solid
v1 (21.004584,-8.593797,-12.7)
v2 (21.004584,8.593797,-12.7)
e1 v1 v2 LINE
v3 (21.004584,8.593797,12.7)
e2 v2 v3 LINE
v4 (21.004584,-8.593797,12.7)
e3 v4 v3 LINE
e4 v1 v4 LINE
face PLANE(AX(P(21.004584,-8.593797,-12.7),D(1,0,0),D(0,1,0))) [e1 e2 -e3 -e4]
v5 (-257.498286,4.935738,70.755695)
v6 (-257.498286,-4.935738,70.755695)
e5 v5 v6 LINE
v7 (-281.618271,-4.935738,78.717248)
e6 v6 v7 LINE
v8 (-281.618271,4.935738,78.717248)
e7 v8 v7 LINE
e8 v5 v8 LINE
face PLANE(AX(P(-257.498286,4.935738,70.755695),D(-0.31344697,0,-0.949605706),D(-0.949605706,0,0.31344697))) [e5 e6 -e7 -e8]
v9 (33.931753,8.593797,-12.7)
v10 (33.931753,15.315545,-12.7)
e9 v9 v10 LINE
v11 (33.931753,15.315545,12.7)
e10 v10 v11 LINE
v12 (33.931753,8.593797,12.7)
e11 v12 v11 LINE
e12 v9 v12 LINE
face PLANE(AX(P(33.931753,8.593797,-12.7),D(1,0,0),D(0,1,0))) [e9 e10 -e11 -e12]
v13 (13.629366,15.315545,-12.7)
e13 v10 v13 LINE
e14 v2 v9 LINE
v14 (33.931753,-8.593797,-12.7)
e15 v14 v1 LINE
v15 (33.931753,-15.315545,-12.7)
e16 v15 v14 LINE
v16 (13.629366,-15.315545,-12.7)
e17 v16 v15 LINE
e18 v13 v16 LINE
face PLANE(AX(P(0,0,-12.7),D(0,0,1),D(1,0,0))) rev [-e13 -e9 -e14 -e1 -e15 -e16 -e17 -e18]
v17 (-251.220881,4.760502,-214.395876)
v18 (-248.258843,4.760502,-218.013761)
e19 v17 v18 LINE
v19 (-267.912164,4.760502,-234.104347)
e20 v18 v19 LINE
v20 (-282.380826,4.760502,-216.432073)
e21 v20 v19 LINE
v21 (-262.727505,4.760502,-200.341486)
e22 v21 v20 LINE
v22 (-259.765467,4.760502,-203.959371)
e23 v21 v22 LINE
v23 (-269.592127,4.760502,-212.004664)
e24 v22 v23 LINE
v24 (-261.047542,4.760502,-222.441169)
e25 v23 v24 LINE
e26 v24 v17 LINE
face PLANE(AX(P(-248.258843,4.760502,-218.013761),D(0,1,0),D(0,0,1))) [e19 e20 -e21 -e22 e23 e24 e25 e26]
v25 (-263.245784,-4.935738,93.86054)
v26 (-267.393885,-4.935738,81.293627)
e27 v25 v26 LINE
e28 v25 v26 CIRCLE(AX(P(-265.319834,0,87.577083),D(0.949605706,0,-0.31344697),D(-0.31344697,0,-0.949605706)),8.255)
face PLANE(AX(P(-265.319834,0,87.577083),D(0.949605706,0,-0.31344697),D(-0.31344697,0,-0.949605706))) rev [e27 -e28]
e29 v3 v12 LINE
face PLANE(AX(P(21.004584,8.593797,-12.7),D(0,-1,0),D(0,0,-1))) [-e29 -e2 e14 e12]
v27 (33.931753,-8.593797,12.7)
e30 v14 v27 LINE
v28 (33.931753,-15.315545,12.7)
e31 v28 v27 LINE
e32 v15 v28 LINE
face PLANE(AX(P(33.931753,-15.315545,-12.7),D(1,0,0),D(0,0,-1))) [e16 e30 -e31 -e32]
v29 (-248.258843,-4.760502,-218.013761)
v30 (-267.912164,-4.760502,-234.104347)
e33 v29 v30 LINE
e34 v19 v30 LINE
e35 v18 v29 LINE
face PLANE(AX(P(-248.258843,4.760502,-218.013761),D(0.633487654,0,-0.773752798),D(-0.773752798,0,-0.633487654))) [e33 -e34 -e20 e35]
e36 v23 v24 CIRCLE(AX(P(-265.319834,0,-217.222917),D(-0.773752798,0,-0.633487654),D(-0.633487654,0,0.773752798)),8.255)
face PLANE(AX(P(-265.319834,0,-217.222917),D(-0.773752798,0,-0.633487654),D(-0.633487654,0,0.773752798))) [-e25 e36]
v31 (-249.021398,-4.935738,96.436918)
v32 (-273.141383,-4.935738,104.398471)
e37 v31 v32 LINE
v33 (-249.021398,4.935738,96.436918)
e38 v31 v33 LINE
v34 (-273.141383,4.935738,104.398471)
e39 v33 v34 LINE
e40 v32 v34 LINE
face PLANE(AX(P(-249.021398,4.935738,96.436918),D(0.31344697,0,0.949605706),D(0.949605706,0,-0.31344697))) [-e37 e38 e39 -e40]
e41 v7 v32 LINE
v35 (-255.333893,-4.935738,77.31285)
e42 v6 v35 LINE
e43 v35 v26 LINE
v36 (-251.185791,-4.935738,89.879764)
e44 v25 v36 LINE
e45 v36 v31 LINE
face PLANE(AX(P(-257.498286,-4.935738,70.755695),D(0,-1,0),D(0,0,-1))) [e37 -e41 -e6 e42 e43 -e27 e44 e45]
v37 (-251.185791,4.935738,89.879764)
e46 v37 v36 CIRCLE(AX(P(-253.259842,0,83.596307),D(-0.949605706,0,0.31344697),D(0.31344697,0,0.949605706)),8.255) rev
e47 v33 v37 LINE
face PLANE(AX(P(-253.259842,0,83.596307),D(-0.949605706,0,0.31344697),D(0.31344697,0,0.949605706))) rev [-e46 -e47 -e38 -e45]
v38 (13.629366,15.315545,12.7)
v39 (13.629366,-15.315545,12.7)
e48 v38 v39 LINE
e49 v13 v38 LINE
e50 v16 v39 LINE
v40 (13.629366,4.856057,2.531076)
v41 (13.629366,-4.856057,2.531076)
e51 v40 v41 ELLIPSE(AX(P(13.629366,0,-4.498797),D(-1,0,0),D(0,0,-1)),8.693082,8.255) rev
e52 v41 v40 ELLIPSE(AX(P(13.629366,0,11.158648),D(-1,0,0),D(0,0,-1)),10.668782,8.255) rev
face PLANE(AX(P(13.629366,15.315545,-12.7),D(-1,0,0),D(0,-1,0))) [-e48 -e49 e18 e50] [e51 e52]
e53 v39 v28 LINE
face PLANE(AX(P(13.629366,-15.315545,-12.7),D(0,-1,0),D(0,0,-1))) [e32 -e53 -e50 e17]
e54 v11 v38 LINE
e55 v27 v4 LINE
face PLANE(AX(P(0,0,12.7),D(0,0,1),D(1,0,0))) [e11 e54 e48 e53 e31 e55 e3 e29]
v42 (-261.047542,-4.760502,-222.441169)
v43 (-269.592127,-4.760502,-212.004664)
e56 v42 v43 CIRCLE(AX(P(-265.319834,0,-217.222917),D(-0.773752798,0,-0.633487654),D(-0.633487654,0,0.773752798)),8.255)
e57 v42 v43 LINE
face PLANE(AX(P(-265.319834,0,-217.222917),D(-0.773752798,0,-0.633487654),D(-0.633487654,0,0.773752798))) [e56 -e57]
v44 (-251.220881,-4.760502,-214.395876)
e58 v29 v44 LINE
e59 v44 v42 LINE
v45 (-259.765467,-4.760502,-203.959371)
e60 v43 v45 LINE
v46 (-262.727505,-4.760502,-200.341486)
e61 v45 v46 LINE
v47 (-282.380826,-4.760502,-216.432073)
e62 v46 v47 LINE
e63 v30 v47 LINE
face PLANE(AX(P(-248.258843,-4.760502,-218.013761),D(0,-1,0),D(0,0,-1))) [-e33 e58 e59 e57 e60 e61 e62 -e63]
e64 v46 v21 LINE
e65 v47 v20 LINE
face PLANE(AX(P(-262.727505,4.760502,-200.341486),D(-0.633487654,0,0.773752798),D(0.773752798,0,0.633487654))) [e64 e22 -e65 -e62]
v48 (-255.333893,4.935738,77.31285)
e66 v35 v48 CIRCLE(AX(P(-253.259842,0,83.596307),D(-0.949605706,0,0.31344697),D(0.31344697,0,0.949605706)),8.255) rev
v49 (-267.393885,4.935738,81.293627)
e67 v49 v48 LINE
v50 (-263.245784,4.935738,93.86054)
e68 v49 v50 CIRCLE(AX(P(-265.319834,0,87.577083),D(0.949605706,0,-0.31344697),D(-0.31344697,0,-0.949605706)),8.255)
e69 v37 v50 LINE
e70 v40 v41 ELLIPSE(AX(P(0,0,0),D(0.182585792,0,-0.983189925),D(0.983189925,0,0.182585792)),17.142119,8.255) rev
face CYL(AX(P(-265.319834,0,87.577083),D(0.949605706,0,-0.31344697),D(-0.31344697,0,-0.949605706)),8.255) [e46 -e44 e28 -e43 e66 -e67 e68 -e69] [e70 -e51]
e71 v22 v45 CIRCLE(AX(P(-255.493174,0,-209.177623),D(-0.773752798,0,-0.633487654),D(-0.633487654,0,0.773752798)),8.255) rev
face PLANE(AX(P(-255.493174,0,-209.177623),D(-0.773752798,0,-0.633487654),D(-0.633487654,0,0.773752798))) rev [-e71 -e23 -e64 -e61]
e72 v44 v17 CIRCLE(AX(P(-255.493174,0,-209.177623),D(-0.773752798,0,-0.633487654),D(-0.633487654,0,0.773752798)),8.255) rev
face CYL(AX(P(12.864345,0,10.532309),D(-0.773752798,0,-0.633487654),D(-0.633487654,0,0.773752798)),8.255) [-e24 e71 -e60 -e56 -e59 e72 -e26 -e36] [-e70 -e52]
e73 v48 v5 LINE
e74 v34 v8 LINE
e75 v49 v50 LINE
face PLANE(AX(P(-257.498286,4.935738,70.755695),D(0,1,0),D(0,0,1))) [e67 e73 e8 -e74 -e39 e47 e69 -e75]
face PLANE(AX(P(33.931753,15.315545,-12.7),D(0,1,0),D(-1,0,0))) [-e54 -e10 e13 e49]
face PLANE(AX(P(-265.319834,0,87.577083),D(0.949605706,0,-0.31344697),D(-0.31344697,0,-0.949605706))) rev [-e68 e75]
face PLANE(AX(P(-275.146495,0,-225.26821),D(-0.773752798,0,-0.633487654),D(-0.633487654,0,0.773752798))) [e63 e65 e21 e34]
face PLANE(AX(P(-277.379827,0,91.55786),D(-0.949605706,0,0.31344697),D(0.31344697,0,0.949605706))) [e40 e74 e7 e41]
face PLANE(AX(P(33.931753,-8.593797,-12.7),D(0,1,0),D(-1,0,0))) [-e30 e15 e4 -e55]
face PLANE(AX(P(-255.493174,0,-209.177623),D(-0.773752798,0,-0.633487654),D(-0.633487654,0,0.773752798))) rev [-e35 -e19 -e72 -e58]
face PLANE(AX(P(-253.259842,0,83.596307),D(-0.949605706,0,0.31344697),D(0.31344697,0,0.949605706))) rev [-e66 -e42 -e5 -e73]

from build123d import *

# Parameters (mm, degrees)
SKETCH2_R                = 8.255
BOSS_EXTRUDE1_DEPTH      = 12.7
BOSS_EXTRUDE1_DEPTH_BACK = 12.7
BOSS_EXTRUDE2_DEPTH      = 12.7
BOSS_EXTRUDE2_DEPTH_BACK = 12.7
SKETCH4_W                = 27.044091096
SKETCH4_H                = 9.871476176
BOSS_EXTRUDE3_DEPTH      = 12.7
BOSS_EXTRUDE3_DEPTH_BACK = 12.7
SKETCH5_W                = 22.839690924
SKETCH5_H                = 9.521004572


with BuildPart() as part:
    # Sweep1: sweep along a path in Sketch1
    with BuildLine(Plane(origin=(0, 0, 0), x_dir=(1, 0, 0), z_dir=(0, 1, 0))) as sweep1_path:
        Line((-265.319834303, -87.577083333), (0, 0))
        Line((0, 0), (-265.319834303, 217.222916667))
    # Sketch2 → Sweep1 (sweep)
    with BuildSketch(Plane(origin=(-265.319834303, 0, 87.577083333), x_dir=(-0.3134469696969697, 0, -0.949605706168506), z_dir=(0.949605706168506, 0, -0.3134469696969697))):
        Circle(SKETCH2_R)
    sweep(path=sweep1_path.line, transition=Transition.RIGHT)

    # Sketch3 → Boss-Extrude1 (add, two sides: drawn at the far end of the back side and taken through both)
    with BuildSketch(Plane.XY.offset(-BOSS_EXTRUDE1_DEPTH_BACK)):
        Polygon((33.931753368, 15.31554454), (13.629365652, 15.31554454), (13.629365652, -15.31554454), (33.931753368, -15.31554454), (33.931753368, -8.593796811), (21.004584429, -8.593796811), (21.004584429, 8.593796811), (33.931753368, 8.593796811), align=None)
    extrude(amount=BOSS_EXTRUDE1_DEPTH + BOSS_EXTRUDE1_DEPTH_BACK)

    # Sketch4 → Boss-Extrude2 (add, two sides: drawn at the far end of the back side and taken through both)
    with BuildSketch(Plane(origin=(-265.319834303, 0, 87.577083333), x_dir=(0.3134469696969697, 0, 0.949605706168506), z_dir=(-0.949605706168506, 0, 0.3134469696969697)).offset(-BOSS_EXTRUDE2_DEPTH_BACK)):
        Rectangle(SKETCH4_W, SKETCH4_H)
    extrude(amount=BOSS_EXTRUDE2_DEPTH + BOSS_EXTRUDE2_DEPTH_BACK)

    # Sketch5 → Boss-Extrude3 (add, two sides: drawn at the far end of the back side and taken through both)
    with BuildSketch(Plane(origin=(-265.319834303, 0, -217.222916667), x_dir=(-0.633487654320988, 0, 0.7737527976187824), z_dir=(-0.7737527976187824, 0, -0.633487654320988)).offset(-BOSS_EXTRUDE3_DEPTH_BACK)):
        Rectangle(SKETCH5_W, SKETCH5_H)
    extrude(amount=BOSS_EXTRUDE3_DEPTH + BOSS_EXTRUDE3_DEPTH_BACK)


solid = part.part
